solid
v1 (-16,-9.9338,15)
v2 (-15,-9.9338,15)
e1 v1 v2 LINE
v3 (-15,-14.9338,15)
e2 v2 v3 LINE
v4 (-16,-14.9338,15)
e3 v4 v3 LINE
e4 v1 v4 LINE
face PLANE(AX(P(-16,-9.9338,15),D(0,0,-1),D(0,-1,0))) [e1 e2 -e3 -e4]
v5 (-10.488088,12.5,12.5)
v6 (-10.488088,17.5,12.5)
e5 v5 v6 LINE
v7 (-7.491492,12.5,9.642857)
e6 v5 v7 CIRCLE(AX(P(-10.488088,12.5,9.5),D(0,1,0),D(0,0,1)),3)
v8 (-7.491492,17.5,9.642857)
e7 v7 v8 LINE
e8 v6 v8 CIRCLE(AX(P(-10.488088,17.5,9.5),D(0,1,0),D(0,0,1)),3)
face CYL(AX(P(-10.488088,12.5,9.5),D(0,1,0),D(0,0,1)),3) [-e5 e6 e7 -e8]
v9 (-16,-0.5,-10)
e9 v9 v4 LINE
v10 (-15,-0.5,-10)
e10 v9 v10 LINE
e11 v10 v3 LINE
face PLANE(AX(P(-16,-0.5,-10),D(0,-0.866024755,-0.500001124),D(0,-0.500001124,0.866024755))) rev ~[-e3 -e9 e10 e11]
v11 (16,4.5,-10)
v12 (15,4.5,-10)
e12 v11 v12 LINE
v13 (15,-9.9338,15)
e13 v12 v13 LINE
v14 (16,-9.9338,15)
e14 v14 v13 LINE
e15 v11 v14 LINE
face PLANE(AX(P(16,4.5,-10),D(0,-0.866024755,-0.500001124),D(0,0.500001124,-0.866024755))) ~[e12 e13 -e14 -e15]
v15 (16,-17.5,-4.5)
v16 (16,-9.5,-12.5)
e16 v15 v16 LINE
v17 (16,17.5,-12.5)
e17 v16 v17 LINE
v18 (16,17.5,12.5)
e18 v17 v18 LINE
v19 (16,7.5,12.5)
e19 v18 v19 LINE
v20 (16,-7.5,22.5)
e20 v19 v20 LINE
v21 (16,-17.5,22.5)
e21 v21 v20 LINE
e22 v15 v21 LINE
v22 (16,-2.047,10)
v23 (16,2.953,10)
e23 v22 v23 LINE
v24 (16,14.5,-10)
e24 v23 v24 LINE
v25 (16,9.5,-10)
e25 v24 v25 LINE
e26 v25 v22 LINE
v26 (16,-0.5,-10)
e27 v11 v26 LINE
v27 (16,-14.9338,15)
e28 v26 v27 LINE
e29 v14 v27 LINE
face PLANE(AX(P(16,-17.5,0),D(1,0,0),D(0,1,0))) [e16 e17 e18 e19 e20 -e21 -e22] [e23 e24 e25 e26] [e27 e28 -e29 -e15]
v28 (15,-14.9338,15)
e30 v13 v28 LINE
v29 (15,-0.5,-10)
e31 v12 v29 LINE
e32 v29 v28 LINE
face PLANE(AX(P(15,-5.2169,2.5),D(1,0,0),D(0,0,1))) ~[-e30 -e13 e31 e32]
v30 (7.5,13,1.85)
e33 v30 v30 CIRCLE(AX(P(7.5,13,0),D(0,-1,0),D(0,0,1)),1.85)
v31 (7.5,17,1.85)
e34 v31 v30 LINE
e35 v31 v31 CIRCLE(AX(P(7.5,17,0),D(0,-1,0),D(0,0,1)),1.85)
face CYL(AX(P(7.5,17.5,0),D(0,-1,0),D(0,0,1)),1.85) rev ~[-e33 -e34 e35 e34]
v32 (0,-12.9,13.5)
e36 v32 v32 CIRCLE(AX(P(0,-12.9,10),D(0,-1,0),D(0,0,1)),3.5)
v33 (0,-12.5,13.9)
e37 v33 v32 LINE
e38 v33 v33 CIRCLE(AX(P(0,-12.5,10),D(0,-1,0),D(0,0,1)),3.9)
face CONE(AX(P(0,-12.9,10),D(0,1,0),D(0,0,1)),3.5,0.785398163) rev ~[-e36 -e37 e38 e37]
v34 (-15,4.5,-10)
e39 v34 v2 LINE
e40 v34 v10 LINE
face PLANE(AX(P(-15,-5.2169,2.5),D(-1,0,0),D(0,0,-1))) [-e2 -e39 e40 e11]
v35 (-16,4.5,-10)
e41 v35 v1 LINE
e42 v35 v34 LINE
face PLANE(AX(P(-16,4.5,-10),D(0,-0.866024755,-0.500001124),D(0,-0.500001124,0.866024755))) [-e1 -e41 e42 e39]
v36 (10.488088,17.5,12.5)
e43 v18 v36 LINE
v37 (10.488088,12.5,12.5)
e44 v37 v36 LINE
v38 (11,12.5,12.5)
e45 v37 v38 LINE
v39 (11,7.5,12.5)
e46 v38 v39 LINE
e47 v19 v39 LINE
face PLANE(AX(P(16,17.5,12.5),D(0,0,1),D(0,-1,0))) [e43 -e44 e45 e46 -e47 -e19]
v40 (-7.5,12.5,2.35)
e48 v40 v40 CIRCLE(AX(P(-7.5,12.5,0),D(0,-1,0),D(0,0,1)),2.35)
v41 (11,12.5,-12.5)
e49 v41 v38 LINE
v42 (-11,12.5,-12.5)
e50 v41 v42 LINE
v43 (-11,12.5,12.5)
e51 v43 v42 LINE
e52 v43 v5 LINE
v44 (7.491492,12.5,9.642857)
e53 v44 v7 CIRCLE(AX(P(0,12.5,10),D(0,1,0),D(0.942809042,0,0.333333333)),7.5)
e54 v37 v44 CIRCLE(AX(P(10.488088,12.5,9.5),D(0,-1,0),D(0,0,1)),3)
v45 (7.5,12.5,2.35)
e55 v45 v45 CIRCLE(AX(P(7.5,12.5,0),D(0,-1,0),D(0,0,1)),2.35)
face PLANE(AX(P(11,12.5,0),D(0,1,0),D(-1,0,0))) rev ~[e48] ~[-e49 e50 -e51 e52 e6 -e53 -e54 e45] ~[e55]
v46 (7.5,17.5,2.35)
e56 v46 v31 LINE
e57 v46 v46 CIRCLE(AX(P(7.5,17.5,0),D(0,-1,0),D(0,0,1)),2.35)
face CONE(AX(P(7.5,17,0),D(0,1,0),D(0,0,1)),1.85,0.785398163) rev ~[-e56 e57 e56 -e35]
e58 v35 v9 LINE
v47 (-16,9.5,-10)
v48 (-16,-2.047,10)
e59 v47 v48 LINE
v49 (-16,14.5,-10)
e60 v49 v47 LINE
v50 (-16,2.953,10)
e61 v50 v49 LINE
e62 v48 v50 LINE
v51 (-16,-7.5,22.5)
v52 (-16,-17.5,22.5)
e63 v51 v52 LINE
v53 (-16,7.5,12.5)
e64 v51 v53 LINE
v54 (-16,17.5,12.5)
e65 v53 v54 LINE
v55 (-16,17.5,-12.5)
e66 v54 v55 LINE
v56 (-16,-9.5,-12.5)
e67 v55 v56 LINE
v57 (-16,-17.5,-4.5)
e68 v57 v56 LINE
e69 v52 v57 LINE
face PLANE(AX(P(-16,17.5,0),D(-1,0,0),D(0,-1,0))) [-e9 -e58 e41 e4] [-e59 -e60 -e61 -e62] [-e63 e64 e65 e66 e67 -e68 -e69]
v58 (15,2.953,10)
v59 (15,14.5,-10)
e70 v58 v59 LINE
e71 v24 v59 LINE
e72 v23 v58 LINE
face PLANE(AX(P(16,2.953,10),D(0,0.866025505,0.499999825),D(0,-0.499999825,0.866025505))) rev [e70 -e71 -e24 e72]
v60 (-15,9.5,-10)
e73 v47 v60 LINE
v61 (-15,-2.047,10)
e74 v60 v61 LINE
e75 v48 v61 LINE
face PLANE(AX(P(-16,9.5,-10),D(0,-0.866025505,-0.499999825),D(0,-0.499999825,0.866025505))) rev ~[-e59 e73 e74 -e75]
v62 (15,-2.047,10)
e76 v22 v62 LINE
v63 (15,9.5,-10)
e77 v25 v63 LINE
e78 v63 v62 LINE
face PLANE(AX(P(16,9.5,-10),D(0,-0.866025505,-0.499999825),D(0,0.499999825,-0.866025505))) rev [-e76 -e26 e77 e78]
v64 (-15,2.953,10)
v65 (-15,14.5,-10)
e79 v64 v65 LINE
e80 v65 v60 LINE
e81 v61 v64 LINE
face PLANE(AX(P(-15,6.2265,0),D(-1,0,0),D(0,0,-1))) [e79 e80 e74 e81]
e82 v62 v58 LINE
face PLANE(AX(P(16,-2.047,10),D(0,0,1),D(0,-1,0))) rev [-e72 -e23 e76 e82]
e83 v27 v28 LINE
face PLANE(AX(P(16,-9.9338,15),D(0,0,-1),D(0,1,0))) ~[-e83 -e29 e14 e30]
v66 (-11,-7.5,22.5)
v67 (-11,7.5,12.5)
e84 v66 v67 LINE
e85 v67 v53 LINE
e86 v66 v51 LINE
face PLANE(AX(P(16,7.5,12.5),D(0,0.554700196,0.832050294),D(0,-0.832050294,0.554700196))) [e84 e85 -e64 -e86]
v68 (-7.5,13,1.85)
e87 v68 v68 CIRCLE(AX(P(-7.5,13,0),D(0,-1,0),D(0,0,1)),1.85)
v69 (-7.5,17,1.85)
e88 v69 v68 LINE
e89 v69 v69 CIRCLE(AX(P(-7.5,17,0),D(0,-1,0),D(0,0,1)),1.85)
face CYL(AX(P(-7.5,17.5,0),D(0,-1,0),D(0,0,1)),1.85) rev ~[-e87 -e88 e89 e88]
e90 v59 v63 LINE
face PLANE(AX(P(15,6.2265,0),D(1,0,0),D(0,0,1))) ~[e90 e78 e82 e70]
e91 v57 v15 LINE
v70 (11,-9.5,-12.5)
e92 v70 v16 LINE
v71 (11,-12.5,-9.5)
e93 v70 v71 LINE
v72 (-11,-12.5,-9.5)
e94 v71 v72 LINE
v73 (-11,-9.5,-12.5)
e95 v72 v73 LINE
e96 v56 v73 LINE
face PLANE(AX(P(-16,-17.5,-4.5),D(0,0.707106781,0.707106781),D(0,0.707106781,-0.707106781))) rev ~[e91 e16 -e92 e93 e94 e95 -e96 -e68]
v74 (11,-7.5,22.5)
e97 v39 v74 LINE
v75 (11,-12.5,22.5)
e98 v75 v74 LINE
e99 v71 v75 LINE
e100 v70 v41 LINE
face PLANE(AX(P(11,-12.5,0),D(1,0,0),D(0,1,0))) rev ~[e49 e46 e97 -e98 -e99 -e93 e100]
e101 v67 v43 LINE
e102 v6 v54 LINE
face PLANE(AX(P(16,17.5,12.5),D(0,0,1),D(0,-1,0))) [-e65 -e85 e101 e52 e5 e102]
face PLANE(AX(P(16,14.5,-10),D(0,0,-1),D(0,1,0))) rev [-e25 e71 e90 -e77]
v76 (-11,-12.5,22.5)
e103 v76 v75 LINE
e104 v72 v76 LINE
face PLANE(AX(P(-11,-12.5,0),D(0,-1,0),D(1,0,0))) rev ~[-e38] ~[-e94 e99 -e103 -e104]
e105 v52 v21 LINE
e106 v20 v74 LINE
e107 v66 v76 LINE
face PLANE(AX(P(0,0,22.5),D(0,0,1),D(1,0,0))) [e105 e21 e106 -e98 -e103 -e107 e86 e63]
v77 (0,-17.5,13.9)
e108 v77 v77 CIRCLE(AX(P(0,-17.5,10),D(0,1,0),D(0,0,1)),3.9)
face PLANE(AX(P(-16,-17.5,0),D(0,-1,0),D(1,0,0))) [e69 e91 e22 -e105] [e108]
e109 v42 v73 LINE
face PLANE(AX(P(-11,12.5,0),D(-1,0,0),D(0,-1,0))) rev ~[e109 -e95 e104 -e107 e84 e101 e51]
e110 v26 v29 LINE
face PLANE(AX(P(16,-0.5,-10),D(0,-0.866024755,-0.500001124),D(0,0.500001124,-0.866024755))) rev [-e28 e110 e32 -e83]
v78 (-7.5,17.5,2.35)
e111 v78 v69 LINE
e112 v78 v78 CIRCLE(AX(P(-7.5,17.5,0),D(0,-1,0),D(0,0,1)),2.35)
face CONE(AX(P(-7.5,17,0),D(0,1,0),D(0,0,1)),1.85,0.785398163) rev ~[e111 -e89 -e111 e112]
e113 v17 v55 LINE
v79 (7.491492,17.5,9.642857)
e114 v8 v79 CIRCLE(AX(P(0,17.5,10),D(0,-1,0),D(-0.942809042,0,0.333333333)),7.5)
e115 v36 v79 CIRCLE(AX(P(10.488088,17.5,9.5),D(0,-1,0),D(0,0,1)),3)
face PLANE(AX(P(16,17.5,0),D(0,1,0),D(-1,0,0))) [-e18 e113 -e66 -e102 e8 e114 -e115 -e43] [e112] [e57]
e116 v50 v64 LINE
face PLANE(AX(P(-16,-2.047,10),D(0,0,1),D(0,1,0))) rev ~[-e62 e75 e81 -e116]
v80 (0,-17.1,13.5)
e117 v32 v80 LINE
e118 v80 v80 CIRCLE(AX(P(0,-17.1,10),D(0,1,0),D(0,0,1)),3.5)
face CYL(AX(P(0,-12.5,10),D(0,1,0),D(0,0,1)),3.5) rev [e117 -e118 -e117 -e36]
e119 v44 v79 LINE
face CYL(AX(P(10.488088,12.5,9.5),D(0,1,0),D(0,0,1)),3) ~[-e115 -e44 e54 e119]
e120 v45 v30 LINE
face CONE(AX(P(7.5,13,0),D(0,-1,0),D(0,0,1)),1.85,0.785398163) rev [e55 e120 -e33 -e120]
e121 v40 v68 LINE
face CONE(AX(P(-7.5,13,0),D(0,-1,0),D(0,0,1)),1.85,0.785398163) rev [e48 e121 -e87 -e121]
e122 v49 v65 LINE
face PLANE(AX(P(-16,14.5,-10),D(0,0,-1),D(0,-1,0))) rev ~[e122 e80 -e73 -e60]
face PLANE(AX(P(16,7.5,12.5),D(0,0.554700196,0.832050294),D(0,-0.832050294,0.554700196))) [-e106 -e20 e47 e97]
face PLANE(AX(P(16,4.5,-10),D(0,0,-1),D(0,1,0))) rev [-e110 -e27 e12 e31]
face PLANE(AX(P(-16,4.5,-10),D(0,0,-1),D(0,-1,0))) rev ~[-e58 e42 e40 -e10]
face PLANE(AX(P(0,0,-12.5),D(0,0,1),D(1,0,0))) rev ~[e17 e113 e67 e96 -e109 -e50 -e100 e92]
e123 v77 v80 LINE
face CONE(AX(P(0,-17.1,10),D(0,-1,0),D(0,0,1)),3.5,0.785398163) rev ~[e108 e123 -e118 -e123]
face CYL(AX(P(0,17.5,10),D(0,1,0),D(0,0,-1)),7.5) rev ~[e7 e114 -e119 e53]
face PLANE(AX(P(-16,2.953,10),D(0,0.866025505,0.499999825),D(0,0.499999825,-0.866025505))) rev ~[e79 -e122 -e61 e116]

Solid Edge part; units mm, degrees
sketch "Sketch1" plane through (0, 0, 0) normal (0, 0, 1) x (1, 0, 0)
  line L0 (-11, -12.5) -> (11, -12.5)
  line L1 (11, -12.5) -> (11, 12.5)
  line L2 (11, 12.5) -> (-11, 12.5)
  line L3 (-11, 12.5) -> (-11, -12.5)
  line L4 (-16, -17.5) -> (16, -17.5)
  line L5 (16, -17.5) -> (16, 17.5)
  line L6 (16, 17.5) -> (-16, 17.5)
  line L7 (-16, 17.5) -> (-16, -17.5)
  dimension "D1" = 22
  dimension "D2" = 32
  dimension "D3" = 25
  dimension "D4" = 35
extrude "body" add sketch "Sketch1" against normal blind 12.5 and the other way blind 22.5
sketch "Sketch2" plane through (16, 0, 4) normal (1, 0, 0) x (0, 0, -1)
  line L0 (-18.5, 17.5) -> (-8.5, 17.5)
  line L1 (-8.5, 17.5) -> (-8.5, 7.5)
  line L2 (-8.5, 7.5) -> (-18.5, -7.5)
  line L3 (-18.5, -7.5) -> (-18.5, 17.5)
  dimension "D1" = 25
  dimension "D2" = 10
extrude "Cutout1" cut sketch "Sketch2" against normal through all
chamfer "side_chamfer" distance 8 angle 45 1 edges at (0, -17.5, -12.5)
hole "Hole1" at (-7.5, 17.5, 0) direction (0, -1, 0) diameter 3.7 depth 10 tip angle 118 start chamfer 0.5 start chamfer angle 45 end chamfer 0.5 end chamfer angle 45
hole "Hole2" at (7.5, 17.5, 0) direction (0, -1, 0) diameter 3.7 depth 10 tip angle 118 start chamfer 0.5 start chamfer angle 45 end chamfer 0.5 end chamfer angle 45
sketch "Sketch3" plane through (-16, 0, 5) normal (-1, 0, 0) x (0, 0, 1)
  line L0 (-15, 14.5) -> (-15, 9.5)
  line L1 (-15, 9.5) -> (5, -2.047)
  line L2 (5, -2.047) -> (5, 2.953)
  line L3 (5, 2.953) -> (-15, 14.5)
  line L4 (-15, 4.5) -> (-15, -0.5)
  line L5 (-15, -0.5) -> (10, -14.9338)
  line L6 (10, -9.9338) -> (10, -14.9338)
  line L7 (-15, 4.5) -> (10, -9.9338)
  dimension "D1" = 5
  dimension "D2" = 3
  dimension "D3" = 20
  dimension "D4" = 5
  dimension "D5" = 25
extrude "design_cutout" cut sketch "Sketch3" against normal blind 1
hole "leg_screw_cutout" at (0, -12.5, 10) direction (0, -1, 0) diameter 7 end up to next start chamfer 0.4 start chamfer angle 45 end chamfer 0.4 end chamfer angle 45
sketch "Sketch4" plane through (0, 17.5, 0) normal (0, 1, 0) x (0, 0, -1)
  circle A0 centre (-10, 0) radius 7.5
  dimension "D1" = 15
extrude "Cutout2" cut sketch "Sketch4" against normal up to next
fillet "screw_helper_rounding" radius 3 2 edges at (-7.0711, 15, 12.5) (7.0711, 15, 12.5)
mirror "Mirror1" about plane through (0, 0, 0) normal (1, 0, 0) of "design_cutout"
properties material "Polyethylene, low density"
